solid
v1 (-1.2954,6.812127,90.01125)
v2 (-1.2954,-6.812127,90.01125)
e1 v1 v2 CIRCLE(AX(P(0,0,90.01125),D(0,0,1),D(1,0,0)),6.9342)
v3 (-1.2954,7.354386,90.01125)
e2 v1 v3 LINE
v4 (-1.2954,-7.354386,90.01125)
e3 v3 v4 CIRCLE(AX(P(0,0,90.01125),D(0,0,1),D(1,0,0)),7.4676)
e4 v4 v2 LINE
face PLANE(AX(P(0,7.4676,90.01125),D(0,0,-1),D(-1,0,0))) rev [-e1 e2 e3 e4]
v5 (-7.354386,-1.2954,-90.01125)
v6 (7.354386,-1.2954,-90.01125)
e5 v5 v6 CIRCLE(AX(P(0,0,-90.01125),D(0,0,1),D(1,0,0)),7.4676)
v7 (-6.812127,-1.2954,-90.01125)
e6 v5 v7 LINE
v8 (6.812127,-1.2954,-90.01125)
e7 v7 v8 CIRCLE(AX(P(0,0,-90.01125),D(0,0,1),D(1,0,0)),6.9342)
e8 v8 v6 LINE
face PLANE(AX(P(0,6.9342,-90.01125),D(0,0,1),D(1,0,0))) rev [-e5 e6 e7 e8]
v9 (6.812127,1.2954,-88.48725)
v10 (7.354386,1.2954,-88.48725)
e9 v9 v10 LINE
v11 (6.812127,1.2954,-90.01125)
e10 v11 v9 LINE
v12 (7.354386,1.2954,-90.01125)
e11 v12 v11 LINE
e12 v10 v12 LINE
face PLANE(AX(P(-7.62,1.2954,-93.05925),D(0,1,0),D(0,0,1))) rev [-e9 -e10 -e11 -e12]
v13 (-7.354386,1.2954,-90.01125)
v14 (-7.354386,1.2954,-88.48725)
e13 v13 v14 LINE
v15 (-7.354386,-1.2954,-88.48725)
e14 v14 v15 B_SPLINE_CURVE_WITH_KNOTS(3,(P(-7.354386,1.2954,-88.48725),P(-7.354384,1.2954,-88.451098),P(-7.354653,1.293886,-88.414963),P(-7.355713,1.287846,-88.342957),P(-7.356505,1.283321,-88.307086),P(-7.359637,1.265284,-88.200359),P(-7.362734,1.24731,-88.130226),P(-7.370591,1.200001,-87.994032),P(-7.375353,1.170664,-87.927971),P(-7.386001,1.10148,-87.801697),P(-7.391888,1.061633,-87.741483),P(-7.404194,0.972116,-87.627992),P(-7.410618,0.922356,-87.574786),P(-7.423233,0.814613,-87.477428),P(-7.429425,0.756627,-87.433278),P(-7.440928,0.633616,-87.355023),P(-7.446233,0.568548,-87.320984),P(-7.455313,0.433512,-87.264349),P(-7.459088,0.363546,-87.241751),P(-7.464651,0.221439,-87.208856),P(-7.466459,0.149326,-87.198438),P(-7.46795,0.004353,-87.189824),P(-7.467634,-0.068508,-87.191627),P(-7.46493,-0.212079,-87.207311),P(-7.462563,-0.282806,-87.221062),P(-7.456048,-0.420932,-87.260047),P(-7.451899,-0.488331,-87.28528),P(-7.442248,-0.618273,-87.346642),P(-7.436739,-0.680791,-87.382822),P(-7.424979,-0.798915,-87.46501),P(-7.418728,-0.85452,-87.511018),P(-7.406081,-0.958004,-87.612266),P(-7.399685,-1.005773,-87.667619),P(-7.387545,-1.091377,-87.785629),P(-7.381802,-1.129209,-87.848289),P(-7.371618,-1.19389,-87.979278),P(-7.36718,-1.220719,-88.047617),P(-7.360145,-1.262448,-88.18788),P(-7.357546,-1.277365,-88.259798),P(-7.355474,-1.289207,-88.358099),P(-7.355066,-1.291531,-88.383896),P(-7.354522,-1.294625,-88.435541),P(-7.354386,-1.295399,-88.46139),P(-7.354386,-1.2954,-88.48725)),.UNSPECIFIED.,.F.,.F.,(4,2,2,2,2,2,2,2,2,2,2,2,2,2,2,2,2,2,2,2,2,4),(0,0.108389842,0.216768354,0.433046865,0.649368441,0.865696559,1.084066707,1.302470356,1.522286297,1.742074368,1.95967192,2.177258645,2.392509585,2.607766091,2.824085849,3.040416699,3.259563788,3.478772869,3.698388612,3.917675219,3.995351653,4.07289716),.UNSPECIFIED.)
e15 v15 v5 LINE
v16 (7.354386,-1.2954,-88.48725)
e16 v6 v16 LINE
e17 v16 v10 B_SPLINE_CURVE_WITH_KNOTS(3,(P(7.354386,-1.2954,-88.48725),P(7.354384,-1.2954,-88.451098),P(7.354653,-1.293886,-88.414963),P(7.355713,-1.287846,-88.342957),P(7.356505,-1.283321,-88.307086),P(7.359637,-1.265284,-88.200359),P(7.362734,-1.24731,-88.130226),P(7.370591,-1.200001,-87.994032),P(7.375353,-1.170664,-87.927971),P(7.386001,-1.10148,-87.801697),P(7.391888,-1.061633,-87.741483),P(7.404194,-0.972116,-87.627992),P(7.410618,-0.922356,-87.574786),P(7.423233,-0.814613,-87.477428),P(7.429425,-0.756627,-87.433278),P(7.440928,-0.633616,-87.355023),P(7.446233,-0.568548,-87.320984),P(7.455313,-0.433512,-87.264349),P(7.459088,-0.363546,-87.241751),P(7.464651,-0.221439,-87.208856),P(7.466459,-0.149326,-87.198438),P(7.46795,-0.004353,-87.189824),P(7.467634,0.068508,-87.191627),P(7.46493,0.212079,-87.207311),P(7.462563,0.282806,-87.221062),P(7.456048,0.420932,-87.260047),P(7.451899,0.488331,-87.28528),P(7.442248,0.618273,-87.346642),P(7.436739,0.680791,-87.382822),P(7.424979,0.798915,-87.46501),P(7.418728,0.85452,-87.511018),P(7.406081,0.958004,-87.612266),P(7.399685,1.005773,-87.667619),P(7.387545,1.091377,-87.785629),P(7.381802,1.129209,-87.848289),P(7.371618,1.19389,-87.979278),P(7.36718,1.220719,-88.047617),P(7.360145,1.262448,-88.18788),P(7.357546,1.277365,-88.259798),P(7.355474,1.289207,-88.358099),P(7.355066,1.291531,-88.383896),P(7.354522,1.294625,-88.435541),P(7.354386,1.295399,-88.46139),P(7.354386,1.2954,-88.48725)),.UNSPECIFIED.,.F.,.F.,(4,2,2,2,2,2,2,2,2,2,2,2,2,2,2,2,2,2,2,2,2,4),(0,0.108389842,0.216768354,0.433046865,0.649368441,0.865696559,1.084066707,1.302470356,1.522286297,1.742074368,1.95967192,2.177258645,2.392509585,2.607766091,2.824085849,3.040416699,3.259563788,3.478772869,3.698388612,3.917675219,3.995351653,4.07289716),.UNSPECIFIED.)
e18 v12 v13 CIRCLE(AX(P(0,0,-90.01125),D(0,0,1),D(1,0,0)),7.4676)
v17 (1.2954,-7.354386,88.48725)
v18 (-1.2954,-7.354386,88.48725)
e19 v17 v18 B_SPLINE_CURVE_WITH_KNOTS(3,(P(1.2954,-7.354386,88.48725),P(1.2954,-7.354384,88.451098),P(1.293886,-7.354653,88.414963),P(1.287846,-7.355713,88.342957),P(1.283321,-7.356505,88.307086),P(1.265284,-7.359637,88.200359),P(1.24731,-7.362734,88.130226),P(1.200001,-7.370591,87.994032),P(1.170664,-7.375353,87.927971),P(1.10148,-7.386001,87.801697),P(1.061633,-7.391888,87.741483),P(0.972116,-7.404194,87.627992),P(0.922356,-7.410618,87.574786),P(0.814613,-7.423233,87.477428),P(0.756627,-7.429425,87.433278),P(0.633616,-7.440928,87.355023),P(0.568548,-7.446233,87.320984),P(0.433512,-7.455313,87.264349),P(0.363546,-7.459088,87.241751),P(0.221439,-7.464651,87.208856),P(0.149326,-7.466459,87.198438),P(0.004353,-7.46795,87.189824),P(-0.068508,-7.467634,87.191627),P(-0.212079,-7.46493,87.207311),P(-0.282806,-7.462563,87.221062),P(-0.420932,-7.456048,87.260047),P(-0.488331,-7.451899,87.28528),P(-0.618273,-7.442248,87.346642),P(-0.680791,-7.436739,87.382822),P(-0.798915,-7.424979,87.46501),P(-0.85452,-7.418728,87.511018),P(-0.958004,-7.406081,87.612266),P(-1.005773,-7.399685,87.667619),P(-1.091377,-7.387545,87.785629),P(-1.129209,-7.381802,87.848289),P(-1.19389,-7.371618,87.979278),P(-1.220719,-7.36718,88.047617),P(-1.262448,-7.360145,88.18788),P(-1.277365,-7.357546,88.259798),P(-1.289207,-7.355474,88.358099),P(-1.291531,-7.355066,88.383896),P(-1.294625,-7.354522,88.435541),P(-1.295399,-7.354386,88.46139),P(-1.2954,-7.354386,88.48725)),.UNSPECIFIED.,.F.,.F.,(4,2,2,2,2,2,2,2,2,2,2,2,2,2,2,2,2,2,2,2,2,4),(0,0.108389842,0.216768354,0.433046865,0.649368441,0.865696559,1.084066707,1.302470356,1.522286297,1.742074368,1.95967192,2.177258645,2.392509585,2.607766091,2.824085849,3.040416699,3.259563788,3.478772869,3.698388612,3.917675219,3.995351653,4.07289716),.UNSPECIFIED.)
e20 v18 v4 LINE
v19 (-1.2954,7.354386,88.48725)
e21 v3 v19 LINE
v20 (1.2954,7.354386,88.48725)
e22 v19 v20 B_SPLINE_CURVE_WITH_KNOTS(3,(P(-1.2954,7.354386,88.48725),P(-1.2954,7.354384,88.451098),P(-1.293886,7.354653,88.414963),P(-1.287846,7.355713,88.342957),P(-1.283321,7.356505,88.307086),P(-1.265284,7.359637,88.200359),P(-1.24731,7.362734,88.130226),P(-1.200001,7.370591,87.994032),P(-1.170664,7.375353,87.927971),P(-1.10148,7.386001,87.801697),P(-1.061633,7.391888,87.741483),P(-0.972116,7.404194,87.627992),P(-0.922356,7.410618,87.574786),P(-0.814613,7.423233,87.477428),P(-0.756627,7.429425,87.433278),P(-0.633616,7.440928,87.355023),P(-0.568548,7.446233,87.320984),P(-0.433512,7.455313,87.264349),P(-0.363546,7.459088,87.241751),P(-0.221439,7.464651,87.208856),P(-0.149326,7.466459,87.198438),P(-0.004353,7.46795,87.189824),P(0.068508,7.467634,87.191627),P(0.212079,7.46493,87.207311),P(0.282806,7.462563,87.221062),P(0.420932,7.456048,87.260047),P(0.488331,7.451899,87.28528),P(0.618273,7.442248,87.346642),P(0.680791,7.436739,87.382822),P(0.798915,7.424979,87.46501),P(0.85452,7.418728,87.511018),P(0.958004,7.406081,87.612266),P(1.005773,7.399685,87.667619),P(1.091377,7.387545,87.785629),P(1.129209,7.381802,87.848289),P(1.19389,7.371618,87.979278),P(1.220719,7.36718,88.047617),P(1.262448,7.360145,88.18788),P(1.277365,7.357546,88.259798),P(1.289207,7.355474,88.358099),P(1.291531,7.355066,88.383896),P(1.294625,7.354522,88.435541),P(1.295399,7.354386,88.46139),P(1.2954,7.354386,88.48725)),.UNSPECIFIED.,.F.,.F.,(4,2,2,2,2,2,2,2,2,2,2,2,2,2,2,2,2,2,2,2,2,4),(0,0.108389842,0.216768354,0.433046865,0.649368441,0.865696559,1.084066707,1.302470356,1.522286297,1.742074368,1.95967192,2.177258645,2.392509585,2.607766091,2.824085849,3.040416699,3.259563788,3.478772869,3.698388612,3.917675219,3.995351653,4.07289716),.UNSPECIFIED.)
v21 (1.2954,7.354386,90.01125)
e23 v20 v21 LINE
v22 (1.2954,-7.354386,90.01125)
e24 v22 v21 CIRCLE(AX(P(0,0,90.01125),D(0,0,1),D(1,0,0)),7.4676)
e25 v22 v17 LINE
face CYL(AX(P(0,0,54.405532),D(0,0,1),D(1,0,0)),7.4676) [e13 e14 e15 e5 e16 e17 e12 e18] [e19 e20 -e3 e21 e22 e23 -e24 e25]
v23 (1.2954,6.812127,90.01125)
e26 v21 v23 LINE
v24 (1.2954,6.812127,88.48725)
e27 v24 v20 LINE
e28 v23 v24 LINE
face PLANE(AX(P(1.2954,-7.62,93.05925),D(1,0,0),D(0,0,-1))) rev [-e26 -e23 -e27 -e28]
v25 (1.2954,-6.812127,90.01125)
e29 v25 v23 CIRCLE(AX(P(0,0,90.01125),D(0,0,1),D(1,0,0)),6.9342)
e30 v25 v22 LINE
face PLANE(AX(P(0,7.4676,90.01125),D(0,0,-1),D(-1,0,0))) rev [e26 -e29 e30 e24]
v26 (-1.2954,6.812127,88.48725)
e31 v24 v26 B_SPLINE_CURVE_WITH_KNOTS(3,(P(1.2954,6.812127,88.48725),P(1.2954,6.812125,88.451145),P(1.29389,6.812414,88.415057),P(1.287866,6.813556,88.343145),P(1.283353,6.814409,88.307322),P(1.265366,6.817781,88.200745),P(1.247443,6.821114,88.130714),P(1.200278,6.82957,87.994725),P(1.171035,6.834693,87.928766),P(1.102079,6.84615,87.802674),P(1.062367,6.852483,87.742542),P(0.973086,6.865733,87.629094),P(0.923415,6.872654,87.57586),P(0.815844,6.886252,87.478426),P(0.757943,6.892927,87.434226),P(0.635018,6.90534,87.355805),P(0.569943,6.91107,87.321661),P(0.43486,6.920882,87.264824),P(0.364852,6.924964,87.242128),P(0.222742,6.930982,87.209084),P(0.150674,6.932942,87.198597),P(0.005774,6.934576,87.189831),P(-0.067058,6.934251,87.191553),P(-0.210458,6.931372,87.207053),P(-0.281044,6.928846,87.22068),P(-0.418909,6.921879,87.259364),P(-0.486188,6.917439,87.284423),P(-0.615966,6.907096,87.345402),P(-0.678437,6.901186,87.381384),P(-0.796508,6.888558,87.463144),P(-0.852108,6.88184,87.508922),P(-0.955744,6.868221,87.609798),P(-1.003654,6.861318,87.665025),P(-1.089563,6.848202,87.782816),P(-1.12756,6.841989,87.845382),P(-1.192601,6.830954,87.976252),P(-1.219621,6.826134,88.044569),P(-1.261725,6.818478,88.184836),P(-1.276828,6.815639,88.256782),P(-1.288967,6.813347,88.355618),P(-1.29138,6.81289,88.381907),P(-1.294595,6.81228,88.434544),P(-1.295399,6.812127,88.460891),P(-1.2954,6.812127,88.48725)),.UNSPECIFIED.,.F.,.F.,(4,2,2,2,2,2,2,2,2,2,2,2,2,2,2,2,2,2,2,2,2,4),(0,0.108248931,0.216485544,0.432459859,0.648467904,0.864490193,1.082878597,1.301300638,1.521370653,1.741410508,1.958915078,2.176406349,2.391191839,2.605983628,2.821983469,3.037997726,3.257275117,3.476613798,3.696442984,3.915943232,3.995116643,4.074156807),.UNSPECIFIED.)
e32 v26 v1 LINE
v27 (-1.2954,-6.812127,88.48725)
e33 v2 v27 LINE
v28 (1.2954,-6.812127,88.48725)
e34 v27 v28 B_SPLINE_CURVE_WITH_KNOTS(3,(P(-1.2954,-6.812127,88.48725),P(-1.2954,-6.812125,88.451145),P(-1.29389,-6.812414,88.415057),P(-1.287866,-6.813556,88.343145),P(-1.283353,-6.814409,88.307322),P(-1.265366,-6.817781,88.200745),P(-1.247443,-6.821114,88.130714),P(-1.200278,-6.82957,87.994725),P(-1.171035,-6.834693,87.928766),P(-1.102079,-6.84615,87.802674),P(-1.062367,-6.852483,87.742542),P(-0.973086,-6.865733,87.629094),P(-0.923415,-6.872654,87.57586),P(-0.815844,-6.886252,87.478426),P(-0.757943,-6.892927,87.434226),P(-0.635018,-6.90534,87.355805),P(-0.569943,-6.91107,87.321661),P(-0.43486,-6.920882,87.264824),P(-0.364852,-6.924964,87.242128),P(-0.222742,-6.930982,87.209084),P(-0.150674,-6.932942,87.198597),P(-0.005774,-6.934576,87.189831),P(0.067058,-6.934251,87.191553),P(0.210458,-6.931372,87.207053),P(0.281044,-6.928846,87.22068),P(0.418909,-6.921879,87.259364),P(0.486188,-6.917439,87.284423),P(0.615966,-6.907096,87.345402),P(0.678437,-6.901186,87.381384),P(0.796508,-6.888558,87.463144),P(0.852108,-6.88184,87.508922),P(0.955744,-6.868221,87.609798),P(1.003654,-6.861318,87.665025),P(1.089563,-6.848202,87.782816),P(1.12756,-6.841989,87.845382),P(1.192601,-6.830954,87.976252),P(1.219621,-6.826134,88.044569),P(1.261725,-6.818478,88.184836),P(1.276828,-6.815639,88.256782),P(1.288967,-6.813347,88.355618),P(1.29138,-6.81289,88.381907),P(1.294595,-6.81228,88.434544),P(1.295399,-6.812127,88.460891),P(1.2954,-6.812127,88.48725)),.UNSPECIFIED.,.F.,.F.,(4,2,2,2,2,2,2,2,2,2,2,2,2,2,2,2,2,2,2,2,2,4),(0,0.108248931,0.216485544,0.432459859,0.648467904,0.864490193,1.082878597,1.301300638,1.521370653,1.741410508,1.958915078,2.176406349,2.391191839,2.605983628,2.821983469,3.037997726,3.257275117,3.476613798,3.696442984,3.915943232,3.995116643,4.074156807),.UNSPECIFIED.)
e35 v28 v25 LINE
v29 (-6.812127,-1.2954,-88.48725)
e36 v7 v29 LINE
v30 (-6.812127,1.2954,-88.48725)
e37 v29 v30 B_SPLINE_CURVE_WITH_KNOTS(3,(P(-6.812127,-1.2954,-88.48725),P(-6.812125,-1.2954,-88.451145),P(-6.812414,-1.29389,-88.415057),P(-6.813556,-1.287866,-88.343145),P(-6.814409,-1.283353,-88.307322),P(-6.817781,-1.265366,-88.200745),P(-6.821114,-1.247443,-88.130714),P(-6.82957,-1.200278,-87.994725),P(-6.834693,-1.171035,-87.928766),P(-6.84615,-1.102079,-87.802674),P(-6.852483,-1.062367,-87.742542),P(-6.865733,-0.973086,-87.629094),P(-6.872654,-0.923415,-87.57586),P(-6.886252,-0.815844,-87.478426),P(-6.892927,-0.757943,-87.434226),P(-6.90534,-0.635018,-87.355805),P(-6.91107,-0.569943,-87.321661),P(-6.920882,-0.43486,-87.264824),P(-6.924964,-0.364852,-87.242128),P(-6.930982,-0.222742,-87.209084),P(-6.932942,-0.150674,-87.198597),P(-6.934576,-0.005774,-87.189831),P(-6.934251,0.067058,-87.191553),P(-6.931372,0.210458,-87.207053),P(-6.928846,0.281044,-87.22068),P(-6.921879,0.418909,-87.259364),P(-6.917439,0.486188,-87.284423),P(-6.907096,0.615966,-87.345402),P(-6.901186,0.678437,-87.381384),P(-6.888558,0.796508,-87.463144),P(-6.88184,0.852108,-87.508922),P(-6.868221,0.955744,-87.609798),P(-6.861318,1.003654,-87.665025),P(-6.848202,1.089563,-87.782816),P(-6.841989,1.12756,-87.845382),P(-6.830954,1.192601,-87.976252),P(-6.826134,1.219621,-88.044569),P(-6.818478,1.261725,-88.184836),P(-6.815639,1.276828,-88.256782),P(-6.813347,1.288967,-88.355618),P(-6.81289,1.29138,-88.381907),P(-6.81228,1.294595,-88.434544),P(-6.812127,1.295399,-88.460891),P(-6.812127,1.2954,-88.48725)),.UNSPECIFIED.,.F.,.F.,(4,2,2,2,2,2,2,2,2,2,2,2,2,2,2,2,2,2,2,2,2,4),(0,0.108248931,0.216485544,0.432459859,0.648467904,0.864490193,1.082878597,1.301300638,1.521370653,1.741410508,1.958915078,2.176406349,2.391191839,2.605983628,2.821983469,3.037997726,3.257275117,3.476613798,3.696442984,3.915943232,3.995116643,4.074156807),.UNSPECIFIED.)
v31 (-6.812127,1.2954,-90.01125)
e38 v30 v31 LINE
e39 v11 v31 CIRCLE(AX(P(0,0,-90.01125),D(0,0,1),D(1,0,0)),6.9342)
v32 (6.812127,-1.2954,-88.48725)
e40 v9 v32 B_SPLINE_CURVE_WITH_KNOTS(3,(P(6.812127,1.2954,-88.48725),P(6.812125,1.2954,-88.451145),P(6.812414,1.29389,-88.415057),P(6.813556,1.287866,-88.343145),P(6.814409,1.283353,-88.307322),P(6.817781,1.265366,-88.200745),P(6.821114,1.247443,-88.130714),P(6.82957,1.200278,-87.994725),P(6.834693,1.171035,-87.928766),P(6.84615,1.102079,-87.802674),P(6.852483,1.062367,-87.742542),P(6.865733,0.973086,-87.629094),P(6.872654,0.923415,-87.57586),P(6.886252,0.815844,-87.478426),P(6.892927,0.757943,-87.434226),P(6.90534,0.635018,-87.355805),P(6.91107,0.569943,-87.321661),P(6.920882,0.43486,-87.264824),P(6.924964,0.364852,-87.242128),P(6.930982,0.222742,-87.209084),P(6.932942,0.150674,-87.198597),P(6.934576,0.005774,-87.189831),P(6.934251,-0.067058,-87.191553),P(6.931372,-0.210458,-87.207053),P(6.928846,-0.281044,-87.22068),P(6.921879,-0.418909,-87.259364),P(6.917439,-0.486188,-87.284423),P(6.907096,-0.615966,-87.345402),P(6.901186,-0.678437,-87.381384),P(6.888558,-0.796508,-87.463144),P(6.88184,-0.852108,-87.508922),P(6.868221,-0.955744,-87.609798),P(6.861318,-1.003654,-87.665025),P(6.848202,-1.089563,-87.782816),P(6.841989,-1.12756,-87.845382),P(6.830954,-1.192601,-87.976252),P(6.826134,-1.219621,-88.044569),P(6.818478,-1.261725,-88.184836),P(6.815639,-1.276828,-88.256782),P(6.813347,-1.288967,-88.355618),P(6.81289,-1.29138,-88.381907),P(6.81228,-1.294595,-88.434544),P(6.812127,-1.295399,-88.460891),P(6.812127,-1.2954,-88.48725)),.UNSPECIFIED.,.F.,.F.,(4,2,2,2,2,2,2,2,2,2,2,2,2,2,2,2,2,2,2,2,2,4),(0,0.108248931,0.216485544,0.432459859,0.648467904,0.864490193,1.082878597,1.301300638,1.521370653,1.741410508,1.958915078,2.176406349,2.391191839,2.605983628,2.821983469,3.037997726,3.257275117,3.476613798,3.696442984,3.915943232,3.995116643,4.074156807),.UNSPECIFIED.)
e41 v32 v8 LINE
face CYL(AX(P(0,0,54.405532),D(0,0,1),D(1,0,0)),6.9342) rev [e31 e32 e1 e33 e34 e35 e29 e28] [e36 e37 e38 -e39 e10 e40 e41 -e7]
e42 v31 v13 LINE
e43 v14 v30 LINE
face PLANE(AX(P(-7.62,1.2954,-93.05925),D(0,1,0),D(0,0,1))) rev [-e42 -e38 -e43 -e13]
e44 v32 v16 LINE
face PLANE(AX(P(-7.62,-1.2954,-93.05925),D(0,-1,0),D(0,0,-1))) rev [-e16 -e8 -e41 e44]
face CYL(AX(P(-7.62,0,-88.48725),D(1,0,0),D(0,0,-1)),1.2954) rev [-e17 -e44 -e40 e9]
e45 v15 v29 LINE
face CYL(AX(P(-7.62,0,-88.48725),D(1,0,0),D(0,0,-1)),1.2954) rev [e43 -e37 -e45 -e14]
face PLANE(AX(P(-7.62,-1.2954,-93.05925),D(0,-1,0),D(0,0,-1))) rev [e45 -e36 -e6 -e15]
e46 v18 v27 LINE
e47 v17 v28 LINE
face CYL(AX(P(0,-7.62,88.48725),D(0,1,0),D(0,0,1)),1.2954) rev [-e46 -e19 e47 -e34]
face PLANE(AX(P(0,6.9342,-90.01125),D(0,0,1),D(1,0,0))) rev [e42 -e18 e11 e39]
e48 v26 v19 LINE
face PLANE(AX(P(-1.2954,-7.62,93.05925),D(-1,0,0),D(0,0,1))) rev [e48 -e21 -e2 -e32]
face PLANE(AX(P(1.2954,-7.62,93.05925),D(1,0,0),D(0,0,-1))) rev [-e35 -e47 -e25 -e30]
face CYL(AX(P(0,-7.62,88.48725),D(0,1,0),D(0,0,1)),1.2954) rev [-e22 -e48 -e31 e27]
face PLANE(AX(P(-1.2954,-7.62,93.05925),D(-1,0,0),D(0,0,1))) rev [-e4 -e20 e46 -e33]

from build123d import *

# Parameters (mm, degrees)
SKETCH1_W          = 300.0375
SKETCH1_H          = 0.889
CUT_EXTRUDE1_DEPTH = 12.7
CUT_EXTRUDE2_DEPTH = 12.7
SCALE1_SCALE       = 0.6


with BuildPart() as part:
    # Sketch1 → Revolve1 (revolve)
    with BuildSketch(Plane(origin=(0, 0, 0), x_dir=(0, 0, -1), z_dir=(1, 0, 0)), mode=Mode.PRIVATE) as revolve1_sk:
        with Locations((0, 12.0015)):
            Rectangle(SKETCH1_W, SKETCH1_H)
    revolve(revolve1_sk.sketch.rotate(Axis((0, 0, 90.675886036), (0, 0, -1)), 90), axis=Axis((0, 0, 90.675886036), (0, 0, -1)))

    # Sketch2 → Cut-Extrude1 (cut, symmetric)
    with BuildSketch(Plane(origin=(0, 0, 0), x_dir=(1, 0, 0), z_dir=(0, 1, 0))):
        with BuildLine():
            Line((-2.159, -155.09875), (-2.159, -147.47875))
            ThreePointArc((-2.159, -147.47875), (0, -145.31975), (2.159, -147.47875))
            Line((2.159, -147.47875), (2.159, -155.09875))
            ThreePointArc((2.159, -155.09875), (0, -157.25775), (-2.159, -155.09875))
        make_face()
    extrude(amount=CUT_EXTRUDE1_DEPTH, both=True, mode=Mode.SUBTRACT)

    # Sketch3 → Cut-Extrude2 (cut, symmetric)
    with BuildSketch(Plane(origin=(0, 0, 0), x_dir=(0, 0, -1), z_dir=(1, 0, 0))):
        with BuildLine():
            Line((155.09875, -2.159), (147.47875, -2.159))
            ThreePointArc((147.47875, -2.159), (145.31975, 0), (147.47875, 2.159))
            Line((147.47875, 2.159), (155.09875, 2.159))
            ThreePointArc((155.09875, 2.159), (157.25775, 0), (155.09875, -2.159))
        make_face()
    extrude(amount=CUT_EXTRUDE2_DEPTH, both=True, mode=Mode.SUBTRACT)


with BuildPart() as part_1:
    # Scale1: scaled about (-1.267e-06, -7.59e-07, -4.795e-06)
    add(part.part.scale(SCALE1_SCALE).moved(Location((-5.07e-07, -3.04e-07, -1.918e-06))))


solid = part_1.part
